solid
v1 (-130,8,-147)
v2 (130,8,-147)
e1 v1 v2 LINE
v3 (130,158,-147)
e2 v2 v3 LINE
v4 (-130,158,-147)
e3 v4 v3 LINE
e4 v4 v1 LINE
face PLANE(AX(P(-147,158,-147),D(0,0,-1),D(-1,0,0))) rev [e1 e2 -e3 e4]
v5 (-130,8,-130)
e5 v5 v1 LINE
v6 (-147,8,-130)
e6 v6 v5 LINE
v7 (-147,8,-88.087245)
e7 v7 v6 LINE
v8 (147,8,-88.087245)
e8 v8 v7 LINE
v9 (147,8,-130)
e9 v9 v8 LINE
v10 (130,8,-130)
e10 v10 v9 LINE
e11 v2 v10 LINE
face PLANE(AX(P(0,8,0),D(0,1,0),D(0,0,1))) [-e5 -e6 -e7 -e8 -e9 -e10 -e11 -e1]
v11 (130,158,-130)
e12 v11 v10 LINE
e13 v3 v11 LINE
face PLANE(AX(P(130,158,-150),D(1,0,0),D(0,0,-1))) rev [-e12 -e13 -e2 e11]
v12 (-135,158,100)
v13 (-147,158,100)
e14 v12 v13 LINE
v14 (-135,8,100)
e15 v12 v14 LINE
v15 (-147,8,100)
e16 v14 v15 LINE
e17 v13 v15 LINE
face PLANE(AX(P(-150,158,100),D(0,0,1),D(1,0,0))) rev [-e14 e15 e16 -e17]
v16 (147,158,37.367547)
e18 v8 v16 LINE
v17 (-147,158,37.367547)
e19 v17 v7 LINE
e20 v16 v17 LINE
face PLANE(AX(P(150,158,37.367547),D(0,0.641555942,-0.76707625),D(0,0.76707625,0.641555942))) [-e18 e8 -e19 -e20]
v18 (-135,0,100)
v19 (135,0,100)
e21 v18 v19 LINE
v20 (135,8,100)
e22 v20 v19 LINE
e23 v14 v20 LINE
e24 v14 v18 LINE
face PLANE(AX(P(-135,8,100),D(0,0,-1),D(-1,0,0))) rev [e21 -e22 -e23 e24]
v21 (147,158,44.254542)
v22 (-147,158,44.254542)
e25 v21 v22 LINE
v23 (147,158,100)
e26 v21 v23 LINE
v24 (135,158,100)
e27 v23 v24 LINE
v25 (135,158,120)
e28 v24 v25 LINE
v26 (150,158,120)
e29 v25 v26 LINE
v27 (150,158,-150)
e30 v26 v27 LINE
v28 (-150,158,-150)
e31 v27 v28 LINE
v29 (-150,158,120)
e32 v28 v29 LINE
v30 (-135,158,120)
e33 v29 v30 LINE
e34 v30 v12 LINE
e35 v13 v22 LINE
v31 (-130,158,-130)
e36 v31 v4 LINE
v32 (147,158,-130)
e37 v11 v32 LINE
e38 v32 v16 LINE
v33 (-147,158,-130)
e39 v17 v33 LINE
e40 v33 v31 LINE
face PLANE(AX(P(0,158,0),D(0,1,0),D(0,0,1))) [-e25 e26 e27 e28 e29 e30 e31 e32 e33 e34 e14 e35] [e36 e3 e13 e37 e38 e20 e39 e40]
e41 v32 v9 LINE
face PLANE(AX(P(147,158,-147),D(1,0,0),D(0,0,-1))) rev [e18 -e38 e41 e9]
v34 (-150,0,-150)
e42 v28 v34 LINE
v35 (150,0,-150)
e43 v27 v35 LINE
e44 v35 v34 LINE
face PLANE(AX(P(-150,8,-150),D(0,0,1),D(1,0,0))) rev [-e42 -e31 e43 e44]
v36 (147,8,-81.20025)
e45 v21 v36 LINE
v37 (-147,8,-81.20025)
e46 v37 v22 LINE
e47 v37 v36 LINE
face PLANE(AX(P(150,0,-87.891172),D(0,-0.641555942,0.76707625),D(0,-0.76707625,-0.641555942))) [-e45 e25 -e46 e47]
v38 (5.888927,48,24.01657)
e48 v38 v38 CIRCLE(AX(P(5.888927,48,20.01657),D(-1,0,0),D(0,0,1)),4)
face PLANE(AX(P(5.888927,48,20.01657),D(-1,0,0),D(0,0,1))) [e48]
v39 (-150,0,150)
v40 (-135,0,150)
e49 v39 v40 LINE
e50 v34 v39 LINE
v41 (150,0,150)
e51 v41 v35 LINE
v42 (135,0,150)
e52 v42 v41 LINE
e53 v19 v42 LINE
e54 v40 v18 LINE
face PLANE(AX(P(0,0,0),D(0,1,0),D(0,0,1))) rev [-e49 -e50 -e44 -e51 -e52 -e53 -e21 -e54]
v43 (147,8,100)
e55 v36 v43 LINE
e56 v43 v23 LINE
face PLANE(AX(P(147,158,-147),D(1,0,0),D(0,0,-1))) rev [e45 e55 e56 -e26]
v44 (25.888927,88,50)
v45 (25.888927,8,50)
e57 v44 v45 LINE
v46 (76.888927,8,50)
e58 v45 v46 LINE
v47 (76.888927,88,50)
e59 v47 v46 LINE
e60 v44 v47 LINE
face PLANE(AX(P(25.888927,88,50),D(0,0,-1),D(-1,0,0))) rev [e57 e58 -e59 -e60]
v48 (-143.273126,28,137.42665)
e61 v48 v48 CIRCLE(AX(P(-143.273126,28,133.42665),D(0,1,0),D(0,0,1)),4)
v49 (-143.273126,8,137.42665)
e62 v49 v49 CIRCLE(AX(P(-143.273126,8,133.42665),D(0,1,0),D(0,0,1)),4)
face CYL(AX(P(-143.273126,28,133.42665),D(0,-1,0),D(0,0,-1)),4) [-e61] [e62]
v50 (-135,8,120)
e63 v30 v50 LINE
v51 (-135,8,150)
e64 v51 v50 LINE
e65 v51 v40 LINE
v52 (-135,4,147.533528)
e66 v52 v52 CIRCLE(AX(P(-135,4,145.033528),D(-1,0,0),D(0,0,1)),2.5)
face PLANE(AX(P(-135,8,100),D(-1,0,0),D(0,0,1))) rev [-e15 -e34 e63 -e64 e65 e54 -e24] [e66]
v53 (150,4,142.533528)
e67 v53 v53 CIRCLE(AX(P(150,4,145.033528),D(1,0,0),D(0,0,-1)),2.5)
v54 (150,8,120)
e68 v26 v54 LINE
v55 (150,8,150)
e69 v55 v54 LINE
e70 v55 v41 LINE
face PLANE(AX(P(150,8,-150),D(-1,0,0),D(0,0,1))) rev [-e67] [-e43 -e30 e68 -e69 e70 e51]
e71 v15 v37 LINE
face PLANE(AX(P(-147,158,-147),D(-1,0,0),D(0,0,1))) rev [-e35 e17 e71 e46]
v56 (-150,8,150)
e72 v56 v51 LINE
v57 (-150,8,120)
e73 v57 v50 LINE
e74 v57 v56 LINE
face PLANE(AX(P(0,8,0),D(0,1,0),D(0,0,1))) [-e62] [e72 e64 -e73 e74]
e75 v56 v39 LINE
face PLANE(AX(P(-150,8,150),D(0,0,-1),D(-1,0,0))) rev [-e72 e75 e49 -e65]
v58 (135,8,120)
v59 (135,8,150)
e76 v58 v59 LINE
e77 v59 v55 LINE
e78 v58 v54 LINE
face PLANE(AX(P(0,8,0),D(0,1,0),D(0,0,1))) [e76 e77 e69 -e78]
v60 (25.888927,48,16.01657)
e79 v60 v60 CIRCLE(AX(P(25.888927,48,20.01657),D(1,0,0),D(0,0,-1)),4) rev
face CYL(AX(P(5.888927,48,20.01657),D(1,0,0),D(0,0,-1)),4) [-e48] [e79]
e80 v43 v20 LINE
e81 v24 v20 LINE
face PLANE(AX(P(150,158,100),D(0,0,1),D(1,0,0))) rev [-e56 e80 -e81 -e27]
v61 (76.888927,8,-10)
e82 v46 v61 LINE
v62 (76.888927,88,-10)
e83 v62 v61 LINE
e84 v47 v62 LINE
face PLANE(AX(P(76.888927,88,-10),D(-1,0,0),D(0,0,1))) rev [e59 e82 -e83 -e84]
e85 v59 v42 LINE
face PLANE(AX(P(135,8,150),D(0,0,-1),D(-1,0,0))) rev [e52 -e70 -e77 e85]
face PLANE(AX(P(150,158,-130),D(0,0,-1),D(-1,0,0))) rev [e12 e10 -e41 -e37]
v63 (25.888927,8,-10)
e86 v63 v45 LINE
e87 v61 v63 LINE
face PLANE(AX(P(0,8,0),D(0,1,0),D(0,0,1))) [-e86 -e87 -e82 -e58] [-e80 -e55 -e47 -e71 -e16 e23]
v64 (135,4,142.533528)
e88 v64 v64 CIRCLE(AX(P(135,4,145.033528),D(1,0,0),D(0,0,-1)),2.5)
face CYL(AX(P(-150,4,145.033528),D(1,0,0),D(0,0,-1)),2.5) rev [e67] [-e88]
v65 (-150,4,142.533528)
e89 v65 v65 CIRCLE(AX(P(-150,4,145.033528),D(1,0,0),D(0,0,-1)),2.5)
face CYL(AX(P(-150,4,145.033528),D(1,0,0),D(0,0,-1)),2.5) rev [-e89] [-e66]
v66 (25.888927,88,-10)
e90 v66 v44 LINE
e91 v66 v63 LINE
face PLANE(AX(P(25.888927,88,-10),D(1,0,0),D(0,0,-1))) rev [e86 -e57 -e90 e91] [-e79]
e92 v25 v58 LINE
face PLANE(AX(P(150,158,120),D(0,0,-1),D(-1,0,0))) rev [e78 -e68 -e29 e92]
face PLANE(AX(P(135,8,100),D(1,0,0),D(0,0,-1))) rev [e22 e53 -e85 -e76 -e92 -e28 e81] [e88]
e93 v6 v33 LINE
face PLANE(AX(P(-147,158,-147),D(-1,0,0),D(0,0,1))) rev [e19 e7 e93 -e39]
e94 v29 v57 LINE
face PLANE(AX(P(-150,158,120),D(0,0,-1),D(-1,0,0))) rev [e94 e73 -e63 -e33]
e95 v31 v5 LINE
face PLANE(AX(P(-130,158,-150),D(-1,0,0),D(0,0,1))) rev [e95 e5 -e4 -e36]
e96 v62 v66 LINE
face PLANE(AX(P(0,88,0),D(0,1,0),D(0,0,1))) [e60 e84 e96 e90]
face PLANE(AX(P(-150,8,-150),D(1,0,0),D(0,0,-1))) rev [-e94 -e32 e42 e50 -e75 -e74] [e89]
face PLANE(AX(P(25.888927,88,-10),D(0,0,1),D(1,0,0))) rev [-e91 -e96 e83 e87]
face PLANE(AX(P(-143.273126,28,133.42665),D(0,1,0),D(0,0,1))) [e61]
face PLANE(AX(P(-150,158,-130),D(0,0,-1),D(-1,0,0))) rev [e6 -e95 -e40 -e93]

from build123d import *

# Parameters (mm, degrees)
BOSS_EXTRUDE1_DEPTH     = 8
CUT_EXTRUDE1_DEPTH      = 213.282830205
CUT_EXTRUDE1_DEPTH_BACK = 213.282830205
SKETCH2_R               = 2.5
SKETCH3_W               = 20
SKETCH3_H               = 20
SKETCH3_W_2             = 15
BOSS_EXTRUDE2_DEPTH     = 150
BOSS_EXTRUDE3_DEPTH     = 150
SKETCH5_W               = 51
SKETCH5_H               = 60
BOSS_EXTRUDE4_DEPTH     = 80
SKETCH7_R               = 4
BOSS_EXTRUDE5_DEPTH     = 20
BOSS_EXTRUDE6_REACH     = 372.761
SKETCH9_R               = 4
BOSS_EXTRUDE7_DEPTH     = 20


with BuildPart() as part:
    # Sketch1 → Boss-Extrude1 (new body)
    with BuildSketch(Plane(origin=(0, 0, 0), x_dir=(1, 0, 0), z_dir=(0, 1, 0))):
        Polygon((135, -150), (150, -150), (150, 150), (-150, 150), (-150, -150), (-135, -150), (-135, -100), (135, -100), align=None)
    extrude(amount=BOSS_EXTRUDE1_DEPTH)

    # Sketch2 → Cut-Extrude1 (cut, two sides: drawn at the far end of the back side and taken through both)
    with BuildSketch(Plane(origin=(0, 0, 0), x_dir=(0, 0, -1), z_dir=(1, 0, 0)).offset(-CUT_EXTRUDE1_DEPTH_BACK)):
        with Locations((-145.033528283, 4)):
            Circle(SKETCH2_R)
    extrude(amount=CUT_EXTRUDE1_DEPTH + CUT_EXTRUDE1_DEPTH_BACK, mode=Mode.SUBTRACT)

    # Sketch3 → Boss-Extrude2 (add)
    with BuildSketch(Plane(origin=(0, 8, 0), x_dir=(1, 0, 0), z_dir=(0, 1, 0))):
        with Locations((-140, 140)):
            Rectangle(SKETCH3_W, SKETCH3_H)
        with Locations((140, 140)):
            Rectangle(SKETCH3_W, SKETCH3_H)
        with Locations((142.5, -110)):
            Rectangle(SKETCH3_W_2, SKETCH3_H)
        with Locations((-142.5, -110)):
            Rectangle(SKETCH3_W_2, SKETCH3_H)
    extrude(amount=BOSS_EXTRUDE2_DEPTH)

    # Sketch4 → Boss-Extrude3 (add)
    with BuildSketch(Plane(origin=(0, 8, 0), x_dir=(1, 0, 0), z_dir=(0, 1, 0))):
        Polygon((-147, 147), (-147, -117), (-150, -120), (-150, 150), (150, 150), (150, -120), (147, -117), (147, 147), align=None)
    extrude(amount=BOSS_EXTRUDE3_DEPTH)

    # Sketch5 → Boss-Extrude4 (add)
    with BuildSketch(Plane(origin=(0, 8, 0), x_dir=(1, 0, 0), z_dir=(0, 1, 0))):
        with Locations((51.38892732, -20)):
            Rectangle(SKETCH5_W, SKETCH5_H)
    extrude(amount=BOSS_EXTRUDE4_DEPTH)

    # Sketch7 → Boss-Extrude5 (add)
    with BuildSketch(Plane.ZY.offset(-25.88892732)):
        with Locations(Location((20.016570429, 48, 0), (0, 0, 180))):
            Circle(SKETCH7_R)
    extrude(amount=BOSS_EXTRUDE5_DEPTH)

    # Sketch8 → Boss-Extrude6 (add, up to next)
    with BuildSketch(Plane.ZY.offset(150), mode=Mode.PRIVATE) as boss_extrude6_sk1:
        Polygon((37.367547096, 158), (-94.778166859, 0), (-87.891172035, 0), (44.254541919, 158), align=None)
    boss_extrude6_tool1 = extrude(boss_extrude6_sk1.sketch, amount=-BOSS_EXTRUDE6_REACH, mode=Mode.PRIVATE) - part.part
    add(boss_extrude6_tool1.solids().sort_by_distance((-150, 79, -25.261812))[0])

    # Sketch9 → Boss-Extrude7 (add)
    with BuildSketch(Plane(origin=(0, 8, 0), x_dir=(1, 0, 0), z_dir=(0, 1, 0))):
        with Locations(Location((-143.273126196, -133.426649838, 0), (0, 0, 270))):
            Circle(SKETCH9_R)
    extrude(amount=BOSS_EXTRUDE7_DEPTH)


solid = part.part
